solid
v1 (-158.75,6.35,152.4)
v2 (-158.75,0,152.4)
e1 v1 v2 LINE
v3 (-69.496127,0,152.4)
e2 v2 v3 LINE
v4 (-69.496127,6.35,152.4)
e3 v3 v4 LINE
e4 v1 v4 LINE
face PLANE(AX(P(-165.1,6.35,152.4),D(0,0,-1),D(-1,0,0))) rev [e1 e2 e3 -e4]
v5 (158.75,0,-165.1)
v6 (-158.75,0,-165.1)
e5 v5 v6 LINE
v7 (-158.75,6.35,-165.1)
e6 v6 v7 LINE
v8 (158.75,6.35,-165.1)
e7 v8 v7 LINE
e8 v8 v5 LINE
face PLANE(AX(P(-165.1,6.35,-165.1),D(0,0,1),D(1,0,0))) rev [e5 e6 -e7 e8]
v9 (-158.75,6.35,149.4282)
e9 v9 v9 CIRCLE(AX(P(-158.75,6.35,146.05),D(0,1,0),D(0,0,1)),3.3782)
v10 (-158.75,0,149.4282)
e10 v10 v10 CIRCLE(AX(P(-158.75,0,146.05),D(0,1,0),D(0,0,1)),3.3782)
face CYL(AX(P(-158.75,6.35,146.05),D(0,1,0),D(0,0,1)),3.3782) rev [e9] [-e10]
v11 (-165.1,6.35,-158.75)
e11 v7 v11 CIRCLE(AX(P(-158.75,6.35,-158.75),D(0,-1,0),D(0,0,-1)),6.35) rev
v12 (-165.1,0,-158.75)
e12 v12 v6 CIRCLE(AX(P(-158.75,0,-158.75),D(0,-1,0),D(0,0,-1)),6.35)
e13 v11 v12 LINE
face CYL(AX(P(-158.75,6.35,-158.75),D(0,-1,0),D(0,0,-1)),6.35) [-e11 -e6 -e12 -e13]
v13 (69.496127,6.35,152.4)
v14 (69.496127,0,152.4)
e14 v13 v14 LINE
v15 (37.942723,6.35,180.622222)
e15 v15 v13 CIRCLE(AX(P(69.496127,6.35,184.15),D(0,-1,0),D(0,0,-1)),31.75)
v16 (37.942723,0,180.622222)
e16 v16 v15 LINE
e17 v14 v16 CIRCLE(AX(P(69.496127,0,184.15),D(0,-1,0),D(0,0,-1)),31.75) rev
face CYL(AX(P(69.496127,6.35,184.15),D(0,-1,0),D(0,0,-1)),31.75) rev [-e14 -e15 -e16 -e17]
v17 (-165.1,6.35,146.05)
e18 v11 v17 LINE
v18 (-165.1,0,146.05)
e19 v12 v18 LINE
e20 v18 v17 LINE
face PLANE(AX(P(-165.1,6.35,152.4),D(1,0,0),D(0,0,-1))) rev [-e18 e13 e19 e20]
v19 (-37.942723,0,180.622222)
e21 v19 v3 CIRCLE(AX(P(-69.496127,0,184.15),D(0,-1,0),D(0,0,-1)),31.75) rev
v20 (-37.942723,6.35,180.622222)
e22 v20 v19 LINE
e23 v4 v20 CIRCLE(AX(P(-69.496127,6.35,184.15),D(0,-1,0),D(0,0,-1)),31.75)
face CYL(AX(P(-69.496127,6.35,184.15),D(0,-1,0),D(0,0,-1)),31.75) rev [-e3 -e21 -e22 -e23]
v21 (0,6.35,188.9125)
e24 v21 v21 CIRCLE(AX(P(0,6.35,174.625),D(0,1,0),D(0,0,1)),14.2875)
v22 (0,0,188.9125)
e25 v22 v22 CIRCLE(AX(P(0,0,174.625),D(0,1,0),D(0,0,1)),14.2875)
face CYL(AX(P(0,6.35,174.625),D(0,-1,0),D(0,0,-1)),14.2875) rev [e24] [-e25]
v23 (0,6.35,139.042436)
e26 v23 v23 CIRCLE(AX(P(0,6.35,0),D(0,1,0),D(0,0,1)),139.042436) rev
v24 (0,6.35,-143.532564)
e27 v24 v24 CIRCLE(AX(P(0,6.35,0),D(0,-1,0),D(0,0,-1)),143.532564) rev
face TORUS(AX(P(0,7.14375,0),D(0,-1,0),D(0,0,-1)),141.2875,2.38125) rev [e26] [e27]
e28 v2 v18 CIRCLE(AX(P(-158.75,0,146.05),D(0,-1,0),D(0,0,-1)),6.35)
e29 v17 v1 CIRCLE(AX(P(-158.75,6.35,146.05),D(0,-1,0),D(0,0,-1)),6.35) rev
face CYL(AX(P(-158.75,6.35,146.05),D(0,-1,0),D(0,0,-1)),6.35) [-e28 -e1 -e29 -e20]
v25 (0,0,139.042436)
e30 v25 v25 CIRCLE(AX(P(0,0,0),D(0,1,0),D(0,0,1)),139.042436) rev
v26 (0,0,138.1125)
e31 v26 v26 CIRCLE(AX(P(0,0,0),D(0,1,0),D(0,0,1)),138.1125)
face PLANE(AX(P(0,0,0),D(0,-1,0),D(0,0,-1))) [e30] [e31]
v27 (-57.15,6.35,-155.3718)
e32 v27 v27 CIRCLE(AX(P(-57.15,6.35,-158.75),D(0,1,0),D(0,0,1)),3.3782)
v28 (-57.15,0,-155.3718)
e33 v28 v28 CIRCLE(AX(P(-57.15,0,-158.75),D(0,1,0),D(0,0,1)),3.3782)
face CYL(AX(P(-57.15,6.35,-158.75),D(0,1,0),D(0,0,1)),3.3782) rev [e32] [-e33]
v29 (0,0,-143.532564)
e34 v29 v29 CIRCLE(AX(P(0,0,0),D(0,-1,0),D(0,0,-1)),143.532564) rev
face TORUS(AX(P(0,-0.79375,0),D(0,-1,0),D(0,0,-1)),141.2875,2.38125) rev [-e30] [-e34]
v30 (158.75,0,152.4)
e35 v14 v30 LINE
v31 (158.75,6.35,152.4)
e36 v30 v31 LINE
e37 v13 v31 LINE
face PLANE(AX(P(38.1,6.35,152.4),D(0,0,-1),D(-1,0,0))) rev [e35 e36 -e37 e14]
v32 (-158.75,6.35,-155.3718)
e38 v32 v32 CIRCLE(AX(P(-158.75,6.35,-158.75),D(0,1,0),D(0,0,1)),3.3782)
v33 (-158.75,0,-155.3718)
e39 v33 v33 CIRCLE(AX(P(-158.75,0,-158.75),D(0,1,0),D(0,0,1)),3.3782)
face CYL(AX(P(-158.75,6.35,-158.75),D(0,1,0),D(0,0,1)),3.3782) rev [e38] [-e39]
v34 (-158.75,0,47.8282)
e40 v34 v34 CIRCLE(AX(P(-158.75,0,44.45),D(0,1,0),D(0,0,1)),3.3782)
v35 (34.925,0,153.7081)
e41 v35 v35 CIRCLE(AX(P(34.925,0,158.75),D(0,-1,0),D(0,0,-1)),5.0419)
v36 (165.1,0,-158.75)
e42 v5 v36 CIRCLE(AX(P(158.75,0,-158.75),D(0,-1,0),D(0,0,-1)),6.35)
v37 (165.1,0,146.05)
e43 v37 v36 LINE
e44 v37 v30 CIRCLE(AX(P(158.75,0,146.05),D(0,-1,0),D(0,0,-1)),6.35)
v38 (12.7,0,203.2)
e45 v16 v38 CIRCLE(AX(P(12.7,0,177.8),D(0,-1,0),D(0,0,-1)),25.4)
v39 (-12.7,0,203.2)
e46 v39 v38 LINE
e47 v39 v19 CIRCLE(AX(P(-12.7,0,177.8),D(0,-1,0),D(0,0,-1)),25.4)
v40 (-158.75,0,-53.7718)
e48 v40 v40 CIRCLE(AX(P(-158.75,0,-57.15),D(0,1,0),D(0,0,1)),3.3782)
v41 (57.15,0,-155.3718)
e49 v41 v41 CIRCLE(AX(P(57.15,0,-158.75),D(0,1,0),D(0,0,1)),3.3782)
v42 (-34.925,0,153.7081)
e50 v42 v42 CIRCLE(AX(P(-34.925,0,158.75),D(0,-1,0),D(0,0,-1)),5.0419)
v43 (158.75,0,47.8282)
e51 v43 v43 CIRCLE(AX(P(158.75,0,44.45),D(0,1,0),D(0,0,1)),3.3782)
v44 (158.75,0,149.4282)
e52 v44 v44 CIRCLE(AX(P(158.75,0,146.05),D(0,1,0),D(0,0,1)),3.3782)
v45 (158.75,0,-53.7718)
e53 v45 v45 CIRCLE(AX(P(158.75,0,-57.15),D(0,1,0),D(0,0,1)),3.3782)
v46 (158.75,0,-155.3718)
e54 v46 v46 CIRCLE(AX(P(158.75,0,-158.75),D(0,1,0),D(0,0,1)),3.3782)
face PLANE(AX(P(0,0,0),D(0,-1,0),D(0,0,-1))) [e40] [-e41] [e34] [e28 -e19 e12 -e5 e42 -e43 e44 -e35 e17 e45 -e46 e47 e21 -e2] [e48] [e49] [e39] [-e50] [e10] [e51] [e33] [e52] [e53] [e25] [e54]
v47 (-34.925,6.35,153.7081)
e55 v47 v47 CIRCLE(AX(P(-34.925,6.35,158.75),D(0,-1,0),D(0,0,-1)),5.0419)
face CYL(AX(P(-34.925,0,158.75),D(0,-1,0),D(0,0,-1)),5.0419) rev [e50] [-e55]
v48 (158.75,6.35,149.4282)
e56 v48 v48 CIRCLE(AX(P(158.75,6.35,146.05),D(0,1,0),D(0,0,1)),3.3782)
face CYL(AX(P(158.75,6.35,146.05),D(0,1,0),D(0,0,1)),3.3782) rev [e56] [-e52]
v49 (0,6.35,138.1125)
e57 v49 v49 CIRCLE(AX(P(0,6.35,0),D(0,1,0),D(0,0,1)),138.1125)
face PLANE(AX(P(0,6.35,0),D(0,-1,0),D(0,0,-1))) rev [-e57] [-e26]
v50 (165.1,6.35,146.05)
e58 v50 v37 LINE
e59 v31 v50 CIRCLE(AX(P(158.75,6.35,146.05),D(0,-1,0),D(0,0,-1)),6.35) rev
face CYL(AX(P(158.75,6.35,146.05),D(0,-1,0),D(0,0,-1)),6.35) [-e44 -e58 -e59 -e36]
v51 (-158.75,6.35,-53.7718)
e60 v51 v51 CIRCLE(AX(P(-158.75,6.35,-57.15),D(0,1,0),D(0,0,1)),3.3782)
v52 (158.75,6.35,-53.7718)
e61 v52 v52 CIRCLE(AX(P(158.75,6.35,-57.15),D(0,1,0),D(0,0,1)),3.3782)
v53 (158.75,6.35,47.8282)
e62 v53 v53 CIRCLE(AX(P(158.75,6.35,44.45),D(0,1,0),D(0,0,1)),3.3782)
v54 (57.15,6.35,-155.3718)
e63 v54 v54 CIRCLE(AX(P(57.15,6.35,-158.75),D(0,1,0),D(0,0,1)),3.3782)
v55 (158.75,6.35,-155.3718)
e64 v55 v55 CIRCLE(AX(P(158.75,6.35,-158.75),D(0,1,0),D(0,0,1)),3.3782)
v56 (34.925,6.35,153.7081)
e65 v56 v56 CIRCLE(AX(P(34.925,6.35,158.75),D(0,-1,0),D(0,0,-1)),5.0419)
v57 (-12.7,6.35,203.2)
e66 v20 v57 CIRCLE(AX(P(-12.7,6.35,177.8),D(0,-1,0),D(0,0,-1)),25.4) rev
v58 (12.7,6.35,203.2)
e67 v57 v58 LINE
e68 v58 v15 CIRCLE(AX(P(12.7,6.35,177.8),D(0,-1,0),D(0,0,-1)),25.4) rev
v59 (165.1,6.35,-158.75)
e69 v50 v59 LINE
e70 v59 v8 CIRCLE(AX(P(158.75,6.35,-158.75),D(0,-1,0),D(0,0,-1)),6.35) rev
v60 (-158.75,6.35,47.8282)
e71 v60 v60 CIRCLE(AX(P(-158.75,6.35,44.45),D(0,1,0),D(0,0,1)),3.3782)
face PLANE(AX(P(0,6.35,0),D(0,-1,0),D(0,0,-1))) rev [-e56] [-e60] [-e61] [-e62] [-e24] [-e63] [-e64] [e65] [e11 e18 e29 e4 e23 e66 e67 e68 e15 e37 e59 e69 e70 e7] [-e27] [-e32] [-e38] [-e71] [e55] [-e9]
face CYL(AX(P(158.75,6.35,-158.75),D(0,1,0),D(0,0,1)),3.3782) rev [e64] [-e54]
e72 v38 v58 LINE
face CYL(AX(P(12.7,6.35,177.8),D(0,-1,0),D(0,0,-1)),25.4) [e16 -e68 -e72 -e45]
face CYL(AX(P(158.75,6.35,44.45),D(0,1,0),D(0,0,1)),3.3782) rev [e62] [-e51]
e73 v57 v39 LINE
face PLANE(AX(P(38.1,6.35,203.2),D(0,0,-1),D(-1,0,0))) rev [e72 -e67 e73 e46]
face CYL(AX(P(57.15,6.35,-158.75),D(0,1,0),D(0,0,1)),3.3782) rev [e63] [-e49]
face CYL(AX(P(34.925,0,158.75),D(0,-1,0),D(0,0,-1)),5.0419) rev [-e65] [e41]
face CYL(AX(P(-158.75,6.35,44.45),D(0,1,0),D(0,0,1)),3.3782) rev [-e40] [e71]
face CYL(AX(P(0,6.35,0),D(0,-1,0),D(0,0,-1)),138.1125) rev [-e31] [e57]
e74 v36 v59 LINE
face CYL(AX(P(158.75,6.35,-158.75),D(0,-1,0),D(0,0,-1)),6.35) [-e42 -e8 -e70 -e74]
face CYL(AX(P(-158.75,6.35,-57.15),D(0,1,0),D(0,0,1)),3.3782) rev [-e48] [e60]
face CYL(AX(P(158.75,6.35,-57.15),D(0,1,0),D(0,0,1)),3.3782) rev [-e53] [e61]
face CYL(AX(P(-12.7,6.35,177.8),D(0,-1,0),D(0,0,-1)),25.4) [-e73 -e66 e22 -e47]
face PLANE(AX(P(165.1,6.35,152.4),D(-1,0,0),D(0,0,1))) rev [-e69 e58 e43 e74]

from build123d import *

# Parameters (mm, degrees)
SKETCH1_R               = 138.1125
SKETCH1_R_2             = 14.2875
BOSS_EXTRUDE1_DEPTH     = 6.35
FILLET1_R               = 25.4
FILLET2_R               = 31.75
F_3_8_CLEARANCE_HOLE1_D = 10.0838
F_1_4_CLEARANCE_HOLE1_D = 6.7564
FILLET3_R               = 6.35
SKETCH2_R               = 2.38125


with BuildPart() as part:
    # Sketch1 → Boss-Extrude1 (new body)
    with BuildSketch(Plane(origin=(0, 0, 0), x_dir=(1, 0, 0), z_dir=(0, 1, 0))):
        Polygon((38.1, -152.4), (165.1, -152.4), (165.1, 165.1), (-165.1, 165.1), (-165.1, -152.4), (-38.1, -152.4), (-38.1, -203.2), (38.1, -203.2), align=None)
        Circle(SKETCH1_R, mode=Mode.SUBTRACT)
        with Locations((0, -174.625)):
            Circle(SKETCH1_R_2, mode=Mode.SUBTRACT)
    extrude(amount=BOSS_EXTRUDE1_DEPTH)

    # Fillet1
    fillet1_edges = [part.edges().sort_by_distance(p)[0] for p in [
        (38.1, 3.175, 203.2),
        (-38.1, 3.175, 203.2),
    ]]
    fillet(fillet1_edges, radius=FILLET1_R)

    # Fillet2
    fillet2_edges = [part.edges().sort_by_distance(p)[0] for p in [
        (38.1, 3.175, 152.4),
        (-38.1, 3.175, 152.4),
    ]]
    fillet(fillet2_edges, radius=FILLET2_R)

    # 3/8 Clearance Hole1 (through all)
    with Locations(Plane(origin=(0, 0, 0), x_dir=(-1, 0, 0), z_dir=(0, -1, 0))):
        with Locations((34.925, -158.75), (-34.925, -158.75)):
            Hole(F_3_8_CLEARANCE_HOLE1_D / 2)

    # 1/4 Clearance Hole1 (through all)
    with Locations(Plane(origin=(0, 6.35, 0), x_dir=(1, 0, 0), z_dir=(0, 1, 0))):
        with Locations((158.75, 158.75), (-158.75, 158.75), (158.75, 57.15), (-158.75, 57.15), (158.75, -44.45), (-158.75, -44.45), (158.75, -146.05), (-158.75, -146.05), (-57.15, 158.75), (57.15, 158.75)):
            Hole(F_1_4_CLEARANCE_HOLE1_D / 2)

    # Fillet3
    fillet3_edges = [part.edges().sort_by_distance(p)[0] for p in [
        (-165.1, 3.175, 152.4),
        (165.1, 3.175, 152.4),
        (165.1, 3.175, -165.1),
        (-165.1, 3.175, -165.1),
    ]]
    fillet(fillet3_edges, radius=FILLET3_R)

    # Sketch2 → Cut-Revolve1 (revolve, cut)
    with BuildSketch(Plane(origin=(0, 0, 0), x_dir=(0, 0, -1), z_dir=(1, 0, 0))):
        with Locations((-141.2875, 7.14375)):
            Circle(SKETCH2_R)
        with Locations((-141.2875, -0.79375)):
            Circle(SKETCH2_R)
    revolve(axis=Axis((0, 0, 0), (0, 1, 0)), mode=Mode.SUBTRACT)


solid = part.part
